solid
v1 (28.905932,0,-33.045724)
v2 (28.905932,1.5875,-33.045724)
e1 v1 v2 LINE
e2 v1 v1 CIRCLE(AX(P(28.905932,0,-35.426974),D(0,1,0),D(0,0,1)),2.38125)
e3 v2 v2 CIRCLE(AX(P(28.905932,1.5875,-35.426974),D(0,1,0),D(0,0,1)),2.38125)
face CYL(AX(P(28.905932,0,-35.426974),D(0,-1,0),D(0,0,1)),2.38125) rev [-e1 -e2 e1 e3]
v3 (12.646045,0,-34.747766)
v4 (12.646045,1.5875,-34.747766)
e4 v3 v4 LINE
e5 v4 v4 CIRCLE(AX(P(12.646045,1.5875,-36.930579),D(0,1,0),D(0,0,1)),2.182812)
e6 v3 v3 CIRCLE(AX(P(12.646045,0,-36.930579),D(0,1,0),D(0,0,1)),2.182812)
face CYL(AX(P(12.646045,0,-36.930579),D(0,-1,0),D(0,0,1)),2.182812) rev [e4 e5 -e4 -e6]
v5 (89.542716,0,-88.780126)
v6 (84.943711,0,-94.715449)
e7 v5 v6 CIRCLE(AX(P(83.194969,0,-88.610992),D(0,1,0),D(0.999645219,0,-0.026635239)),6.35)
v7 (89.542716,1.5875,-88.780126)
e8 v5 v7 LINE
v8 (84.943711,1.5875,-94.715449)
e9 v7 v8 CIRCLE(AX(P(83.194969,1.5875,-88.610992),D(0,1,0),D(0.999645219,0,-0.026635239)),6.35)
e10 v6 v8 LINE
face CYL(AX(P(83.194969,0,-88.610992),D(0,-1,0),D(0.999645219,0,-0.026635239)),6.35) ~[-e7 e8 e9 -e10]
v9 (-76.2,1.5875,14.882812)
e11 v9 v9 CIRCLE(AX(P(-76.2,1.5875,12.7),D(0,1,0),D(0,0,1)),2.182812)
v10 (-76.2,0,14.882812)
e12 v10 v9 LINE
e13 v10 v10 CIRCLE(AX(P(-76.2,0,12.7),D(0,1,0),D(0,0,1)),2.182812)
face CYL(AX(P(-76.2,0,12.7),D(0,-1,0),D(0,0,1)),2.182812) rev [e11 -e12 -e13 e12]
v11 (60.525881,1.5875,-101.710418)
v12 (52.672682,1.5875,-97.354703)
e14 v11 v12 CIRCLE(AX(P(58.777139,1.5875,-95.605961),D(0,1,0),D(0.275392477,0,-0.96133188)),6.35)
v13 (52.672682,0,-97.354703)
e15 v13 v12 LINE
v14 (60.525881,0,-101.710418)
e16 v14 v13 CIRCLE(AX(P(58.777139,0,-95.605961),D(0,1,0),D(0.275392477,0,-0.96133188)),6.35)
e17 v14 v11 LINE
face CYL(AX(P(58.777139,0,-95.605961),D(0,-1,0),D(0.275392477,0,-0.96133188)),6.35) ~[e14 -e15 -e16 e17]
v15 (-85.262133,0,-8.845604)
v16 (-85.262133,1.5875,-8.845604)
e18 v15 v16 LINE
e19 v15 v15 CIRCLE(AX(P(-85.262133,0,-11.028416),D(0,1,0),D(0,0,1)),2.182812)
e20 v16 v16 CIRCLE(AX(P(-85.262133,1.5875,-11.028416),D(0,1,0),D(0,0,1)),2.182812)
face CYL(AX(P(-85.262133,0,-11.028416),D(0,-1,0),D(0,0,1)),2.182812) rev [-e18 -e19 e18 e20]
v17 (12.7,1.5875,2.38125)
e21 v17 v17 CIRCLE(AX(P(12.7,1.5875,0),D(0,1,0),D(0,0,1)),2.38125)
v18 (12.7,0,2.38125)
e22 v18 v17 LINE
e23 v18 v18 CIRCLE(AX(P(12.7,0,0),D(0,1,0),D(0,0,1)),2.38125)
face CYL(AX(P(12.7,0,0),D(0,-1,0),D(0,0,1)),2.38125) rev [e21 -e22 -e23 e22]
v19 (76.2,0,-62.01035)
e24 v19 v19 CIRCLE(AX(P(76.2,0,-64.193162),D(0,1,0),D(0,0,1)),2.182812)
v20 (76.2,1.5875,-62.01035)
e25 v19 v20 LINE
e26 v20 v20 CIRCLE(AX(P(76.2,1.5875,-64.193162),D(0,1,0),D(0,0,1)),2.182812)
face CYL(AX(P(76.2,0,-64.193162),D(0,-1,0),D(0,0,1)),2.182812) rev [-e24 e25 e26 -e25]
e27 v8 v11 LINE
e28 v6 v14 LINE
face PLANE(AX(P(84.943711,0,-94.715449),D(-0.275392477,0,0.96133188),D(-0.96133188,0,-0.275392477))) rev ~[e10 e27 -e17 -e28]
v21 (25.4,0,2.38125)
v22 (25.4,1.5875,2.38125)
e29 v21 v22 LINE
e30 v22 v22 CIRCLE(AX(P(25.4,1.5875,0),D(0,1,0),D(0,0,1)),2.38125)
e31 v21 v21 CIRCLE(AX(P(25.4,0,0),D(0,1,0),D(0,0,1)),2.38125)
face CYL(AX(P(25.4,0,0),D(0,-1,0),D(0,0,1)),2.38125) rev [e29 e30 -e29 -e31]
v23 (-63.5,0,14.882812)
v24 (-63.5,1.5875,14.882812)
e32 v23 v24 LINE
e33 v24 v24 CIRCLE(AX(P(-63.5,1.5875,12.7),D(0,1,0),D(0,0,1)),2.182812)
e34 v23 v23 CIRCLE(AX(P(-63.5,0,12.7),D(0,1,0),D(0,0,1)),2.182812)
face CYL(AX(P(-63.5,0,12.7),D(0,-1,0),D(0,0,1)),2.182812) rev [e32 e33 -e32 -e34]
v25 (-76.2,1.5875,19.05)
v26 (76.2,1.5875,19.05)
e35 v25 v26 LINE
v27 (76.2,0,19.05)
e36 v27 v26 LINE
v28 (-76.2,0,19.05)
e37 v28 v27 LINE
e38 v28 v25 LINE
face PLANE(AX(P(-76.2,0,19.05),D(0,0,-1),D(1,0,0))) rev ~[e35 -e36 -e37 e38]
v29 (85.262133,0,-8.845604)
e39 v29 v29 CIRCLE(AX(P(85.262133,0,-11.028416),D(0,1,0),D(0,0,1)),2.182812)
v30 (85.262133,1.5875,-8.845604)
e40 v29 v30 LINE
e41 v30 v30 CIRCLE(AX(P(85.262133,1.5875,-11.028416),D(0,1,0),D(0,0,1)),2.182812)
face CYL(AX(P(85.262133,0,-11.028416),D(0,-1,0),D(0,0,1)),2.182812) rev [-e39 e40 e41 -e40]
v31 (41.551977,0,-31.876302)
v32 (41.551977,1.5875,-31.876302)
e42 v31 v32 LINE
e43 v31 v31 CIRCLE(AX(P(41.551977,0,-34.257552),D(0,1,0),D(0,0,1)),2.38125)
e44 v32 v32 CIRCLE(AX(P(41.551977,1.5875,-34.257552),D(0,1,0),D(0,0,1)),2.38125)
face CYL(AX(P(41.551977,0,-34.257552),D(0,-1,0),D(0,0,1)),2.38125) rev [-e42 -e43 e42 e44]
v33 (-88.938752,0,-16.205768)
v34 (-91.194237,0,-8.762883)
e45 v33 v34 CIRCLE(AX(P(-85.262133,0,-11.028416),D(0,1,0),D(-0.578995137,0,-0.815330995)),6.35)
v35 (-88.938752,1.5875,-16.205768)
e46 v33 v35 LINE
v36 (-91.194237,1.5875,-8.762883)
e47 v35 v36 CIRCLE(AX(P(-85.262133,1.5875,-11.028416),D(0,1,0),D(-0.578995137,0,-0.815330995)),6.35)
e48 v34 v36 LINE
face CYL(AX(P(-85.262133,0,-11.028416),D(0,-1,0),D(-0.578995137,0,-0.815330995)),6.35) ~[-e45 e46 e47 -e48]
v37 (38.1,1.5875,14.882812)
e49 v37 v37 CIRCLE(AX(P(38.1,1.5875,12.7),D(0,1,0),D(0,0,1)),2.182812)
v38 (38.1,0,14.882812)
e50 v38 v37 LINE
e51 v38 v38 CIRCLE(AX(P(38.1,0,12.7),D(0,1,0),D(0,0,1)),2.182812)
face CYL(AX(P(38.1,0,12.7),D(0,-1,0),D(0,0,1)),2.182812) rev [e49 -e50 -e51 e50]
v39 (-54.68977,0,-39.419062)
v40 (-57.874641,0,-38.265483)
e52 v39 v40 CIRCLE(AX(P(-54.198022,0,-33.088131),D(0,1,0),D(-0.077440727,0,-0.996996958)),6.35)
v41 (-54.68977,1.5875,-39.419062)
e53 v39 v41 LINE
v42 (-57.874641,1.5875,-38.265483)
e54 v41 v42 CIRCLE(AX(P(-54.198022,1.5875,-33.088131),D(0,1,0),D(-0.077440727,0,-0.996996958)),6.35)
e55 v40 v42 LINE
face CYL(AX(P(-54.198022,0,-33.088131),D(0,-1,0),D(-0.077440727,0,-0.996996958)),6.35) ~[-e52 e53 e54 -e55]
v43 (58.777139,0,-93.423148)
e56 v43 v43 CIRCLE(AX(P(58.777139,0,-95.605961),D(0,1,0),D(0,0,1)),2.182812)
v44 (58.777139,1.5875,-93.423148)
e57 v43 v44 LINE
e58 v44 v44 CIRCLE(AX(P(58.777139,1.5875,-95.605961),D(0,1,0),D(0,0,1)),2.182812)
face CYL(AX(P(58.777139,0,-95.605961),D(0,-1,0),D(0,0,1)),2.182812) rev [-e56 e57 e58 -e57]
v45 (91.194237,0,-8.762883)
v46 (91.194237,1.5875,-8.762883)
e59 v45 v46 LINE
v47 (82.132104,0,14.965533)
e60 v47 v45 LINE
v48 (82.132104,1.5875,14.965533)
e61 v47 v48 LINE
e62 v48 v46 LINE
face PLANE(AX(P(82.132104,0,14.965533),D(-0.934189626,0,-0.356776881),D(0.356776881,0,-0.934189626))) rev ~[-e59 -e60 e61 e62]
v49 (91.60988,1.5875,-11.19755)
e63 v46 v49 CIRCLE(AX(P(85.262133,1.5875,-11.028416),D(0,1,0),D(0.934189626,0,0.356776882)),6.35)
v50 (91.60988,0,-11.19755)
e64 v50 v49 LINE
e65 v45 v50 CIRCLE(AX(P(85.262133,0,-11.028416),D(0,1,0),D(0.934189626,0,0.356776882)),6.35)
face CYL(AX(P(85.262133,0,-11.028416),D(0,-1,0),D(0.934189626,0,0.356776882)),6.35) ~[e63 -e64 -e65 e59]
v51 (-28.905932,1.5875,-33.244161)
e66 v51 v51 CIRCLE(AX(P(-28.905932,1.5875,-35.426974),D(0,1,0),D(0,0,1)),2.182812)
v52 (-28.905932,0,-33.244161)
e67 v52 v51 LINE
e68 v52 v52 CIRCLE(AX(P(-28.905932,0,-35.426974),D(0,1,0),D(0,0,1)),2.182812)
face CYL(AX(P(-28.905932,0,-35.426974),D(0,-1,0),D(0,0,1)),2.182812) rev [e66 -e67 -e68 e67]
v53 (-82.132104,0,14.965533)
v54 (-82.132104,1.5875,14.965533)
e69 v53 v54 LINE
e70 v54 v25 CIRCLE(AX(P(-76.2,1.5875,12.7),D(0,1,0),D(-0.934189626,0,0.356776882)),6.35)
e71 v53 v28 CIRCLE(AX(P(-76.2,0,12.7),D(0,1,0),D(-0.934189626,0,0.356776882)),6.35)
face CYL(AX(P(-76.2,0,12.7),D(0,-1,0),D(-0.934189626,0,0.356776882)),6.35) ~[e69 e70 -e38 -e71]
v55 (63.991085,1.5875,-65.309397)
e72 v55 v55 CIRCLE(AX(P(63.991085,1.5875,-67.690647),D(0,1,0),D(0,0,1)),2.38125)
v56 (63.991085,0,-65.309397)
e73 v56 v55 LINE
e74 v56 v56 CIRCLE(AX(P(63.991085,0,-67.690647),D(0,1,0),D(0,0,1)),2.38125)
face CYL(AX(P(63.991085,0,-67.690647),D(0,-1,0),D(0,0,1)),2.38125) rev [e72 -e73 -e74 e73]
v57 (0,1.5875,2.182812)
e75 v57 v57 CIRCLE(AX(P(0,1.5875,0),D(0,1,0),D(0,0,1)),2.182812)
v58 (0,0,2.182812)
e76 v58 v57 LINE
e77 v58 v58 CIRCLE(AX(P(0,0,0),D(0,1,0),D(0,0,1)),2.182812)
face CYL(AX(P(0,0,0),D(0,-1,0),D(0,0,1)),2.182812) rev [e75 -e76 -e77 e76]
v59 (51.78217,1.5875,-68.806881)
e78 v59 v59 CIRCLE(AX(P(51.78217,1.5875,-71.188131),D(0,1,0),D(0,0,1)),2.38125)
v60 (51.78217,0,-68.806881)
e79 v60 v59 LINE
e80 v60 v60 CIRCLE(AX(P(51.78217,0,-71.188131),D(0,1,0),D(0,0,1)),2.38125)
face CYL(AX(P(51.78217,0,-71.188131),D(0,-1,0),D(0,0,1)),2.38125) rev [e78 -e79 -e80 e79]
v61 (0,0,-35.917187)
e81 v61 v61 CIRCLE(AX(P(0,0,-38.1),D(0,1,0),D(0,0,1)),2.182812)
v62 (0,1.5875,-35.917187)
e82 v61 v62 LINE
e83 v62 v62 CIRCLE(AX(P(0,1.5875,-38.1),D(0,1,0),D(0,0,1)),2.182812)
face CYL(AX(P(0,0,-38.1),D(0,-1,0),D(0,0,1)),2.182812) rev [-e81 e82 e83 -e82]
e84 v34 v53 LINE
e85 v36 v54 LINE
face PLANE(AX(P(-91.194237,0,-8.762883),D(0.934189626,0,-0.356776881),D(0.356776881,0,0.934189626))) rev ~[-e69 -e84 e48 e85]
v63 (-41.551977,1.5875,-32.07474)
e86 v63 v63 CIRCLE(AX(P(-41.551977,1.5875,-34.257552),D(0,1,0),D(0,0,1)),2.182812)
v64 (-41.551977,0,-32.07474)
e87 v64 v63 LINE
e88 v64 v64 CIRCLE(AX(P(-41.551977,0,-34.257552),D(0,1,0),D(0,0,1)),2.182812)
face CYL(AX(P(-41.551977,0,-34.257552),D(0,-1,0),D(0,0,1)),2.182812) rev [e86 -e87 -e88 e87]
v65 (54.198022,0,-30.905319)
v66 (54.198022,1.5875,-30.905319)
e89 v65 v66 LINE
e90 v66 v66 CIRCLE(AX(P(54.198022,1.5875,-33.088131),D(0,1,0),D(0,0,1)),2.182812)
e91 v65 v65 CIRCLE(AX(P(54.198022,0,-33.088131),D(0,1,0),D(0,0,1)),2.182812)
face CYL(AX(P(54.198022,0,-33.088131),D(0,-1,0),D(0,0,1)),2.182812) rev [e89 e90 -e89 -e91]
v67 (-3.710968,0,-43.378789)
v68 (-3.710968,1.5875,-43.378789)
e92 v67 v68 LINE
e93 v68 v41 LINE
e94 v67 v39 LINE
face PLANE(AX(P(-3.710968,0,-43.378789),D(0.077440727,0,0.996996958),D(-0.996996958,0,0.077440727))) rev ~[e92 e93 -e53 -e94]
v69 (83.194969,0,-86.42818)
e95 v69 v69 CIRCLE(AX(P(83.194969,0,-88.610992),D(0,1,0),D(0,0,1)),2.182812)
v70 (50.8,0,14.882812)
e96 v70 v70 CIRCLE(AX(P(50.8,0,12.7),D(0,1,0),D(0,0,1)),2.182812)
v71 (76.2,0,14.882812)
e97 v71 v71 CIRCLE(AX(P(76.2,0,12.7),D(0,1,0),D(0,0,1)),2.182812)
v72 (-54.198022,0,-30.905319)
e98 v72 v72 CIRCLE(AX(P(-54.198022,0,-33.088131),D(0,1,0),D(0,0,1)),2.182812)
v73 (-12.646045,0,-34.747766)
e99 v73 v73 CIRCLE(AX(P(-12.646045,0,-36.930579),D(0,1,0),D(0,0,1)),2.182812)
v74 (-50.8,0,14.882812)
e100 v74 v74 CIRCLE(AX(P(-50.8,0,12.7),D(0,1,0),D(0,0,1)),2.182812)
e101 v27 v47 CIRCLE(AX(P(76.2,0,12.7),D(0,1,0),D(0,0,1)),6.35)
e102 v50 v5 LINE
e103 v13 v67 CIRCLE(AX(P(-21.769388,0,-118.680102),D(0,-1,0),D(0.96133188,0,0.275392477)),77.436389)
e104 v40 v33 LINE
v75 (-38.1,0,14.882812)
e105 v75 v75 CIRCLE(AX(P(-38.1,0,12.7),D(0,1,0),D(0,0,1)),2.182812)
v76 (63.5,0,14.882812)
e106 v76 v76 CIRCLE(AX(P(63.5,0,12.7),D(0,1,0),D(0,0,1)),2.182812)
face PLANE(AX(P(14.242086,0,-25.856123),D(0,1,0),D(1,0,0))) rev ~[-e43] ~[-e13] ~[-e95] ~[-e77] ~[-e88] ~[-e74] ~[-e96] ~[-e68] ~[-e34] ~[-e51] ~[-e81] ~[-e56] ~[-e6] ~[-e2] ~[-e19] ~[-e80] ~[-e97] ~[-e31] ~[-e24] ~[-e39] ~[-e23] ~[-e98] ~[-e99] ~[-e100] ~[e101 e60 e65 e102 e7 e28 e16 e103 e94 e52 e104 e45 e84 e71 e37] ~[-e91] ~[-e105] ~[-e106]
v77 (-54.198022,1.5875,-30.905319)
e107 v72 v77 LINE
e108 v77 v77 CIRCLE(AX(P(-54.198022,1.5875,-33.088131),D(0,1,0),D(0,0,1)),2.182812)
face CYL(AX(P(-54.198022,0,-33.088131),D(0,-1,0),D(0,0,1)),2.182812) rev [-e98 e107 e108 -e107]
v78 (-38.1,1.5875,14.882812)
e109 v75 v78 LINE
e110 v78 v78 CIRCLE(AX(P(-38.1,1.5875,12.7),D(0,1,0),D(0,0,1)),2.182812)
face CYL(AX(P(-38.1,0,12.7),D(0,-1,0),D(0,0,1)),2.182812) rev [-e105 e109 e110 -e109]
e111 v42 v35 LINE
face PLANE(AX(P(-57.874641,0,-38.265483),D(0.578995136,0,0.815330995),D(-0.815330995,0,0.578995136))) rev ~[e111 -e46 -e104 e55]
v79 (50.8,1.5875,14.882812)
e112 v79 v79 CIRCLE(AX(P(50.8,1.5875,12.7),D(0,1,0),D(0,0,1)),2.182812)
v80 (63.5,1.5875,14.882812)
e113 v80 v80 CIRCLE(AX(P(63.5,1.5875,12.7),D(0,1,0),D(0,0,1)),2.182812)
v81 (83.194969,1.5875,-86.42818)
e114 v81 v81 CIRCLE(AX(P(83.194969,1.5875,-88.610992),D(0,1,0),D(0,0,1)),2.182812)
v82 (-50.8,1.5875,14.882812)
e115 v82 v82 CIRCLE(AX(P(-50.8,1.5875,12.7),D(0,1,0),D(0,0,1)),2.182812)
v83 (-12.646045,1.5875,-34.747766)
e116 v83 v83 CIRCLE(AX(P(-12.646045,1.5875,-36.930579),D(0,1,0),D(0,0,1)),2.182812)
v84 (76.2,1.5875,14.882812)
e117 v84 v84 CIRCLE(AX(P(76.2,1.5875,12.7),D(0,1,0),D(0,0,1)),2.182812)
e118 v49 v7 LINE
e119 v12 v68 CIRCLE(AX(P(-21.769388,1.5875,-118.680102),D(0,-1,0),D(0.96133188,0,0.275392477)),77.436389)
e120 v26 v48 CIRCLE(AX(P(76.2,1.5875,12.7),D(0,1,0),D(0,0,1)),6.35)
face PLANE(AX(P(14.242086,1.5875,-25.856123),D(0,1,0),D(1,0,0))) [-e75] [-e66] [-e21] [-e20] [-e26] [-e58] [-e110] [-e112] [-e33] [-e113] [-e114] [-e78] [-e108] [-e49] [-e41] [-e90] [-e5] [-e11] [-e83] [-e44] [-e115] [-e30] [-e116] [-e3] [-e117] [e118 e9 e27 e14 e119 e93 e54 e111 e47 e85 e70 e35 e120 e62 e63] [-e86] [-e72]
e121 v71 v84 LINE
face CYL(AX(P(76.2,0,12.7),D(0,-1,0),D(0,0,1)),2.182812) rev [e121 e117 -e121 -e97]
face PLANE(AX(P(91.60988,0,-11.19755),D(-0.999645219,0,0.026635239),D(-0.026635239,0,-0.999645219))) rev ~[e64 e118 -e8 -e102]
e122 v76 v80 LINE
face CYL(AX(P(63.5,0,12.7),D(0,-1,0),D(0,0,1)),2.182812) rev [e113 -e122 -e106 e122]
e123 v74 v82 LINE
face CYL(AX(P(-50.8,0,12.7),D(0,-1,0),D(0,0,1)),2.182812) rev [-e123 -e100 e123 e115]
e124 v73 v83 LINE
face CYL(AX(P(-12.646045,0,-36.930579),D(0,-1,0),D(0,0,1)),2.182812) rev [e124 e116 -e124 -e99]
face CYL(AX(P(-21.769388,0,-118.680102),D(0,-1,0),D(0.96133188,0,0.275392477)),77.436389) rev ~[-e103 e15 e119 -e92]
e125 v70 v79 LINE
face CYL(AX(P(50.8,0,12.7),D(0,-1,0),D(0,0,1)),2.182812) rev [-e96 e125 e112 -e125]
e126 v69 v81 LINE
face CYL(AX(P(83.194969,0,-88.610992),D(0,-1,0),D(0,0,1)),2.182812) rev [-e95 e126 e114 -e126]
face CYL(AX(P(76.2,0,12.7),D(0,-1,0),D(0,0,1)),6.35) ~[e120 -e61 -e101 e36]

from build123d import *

# Parameters (mm, degrees)
SKETCH1_R           = 2.1828125
SKETCH1_R_2         = 2.38125
BOSS_EXTRUDE1_DEPTH = 1.5875


with BuildPart() as part:
    # Sketch1 → Boss-Extrude1 (new body)
    with BuildSketch(Plane(origin=(0, 0, 0), x_dir=(1, 0, 0), z_dir=(0, 1, 0))):
        with BuildLine():
            Line((-76.2, -19.05), (76.2, -19.05))
            ThreePointArc((76.2, -19.05), (79.801136223, -17.930135553), (82.132104124, -14.965533197))
            Line((82.132104124, -14.965533197), (91.194236912, 8.762883297))
            ThreePointArc((91.194236912, 8.762883297), (91.521572666, 9.959813472), (91.609879929, 11.197550265))
            Line((91.609879929, 11.197550265), (89.542716066, 88.780125789))
            ThreePointArc((89.542716066, 88.780125789), (88.21446111, 92.500361917), (84.943711156, 94.715449457))
            Line((84.943711156, 94.715449457), (60.525881406, 101.710418382))
            ThreePointArc((60.525881406, 101.710418382), (55.697183415, 101.159011684), (52.672681737, 97.354703175))
            ThreePointArc((52.672681737, 97.354703175), (31.779047976, 62.743000168), (-3.710967925, 43.378788638))
            Line((-3.710967925, 43.378788638), (-54.689770483, 39.419061875))
            ThreePointArc((-54.689770483, 39.419061875), (-56.360545493, 39.058557607), (-57.874640982, 38.265483014))
            Line((-57.874640982, 38.265483014), (-88.938751905, 16.205768315))
            ThreePointArc((-88.938751905, 16.205768315), (-91.339222957, 12.870012291), (-91.194236912, 8.762883297))
            Line((-91.194236912, 8.762883297), (-82.132104124, -14.965533197))
            ThreePointArc((-82.132104124, -14.965533197), (-79.801136223, -17.930135553), (-76.2, -19.05))
        make_face()
        with Locations(Location((0, 0, 0), (0, 0, 270))):
            Circle(SKETCH1_R, mode=Mode.SUBTRACT)
        with Locations(Location((12.7, 0, 0), (0, 0, 270))):
            Circle(SKETCH1_R_2, mode=Mode.SUBTRACT)
        with Locations(Location((25.4, 0, 0), (0, 0, 270))):
            Circle(SKETCH1_R_2, mode=Mode.SUBTRACT)
        with Locations(Location((-38.1, -12.7, 0), (0, 0, 270))):
            Circle(SKETCH1_R, mode=Mode.SUBTRACT)
        with Locations(Location((-50.8, -12.7, 0), (0, 0, 270))):
            Circle(SKETCH1_R, mode=Mode.SUBTRACT)
        with Locations(Location((-63.5, -12.7, 0), (0, 0, 270))):
            Circle(SKETCH1_R, mode=Mode.SUBTRACT)
        with Locations(Location((-76.2, -12.7, 0), (0, 0, 270))):
            Circle(SKETCH1_R, mode=Mode.SUBTRACT)
        with Locations(Location((38.1, -12.7, 0), (0, 0, 270))):
            Circle(SKETCH1_R, mode=Mode.SUBTRACT)
        with Locations(Location((50.8, -12.7, 0), (0, 0, 270))):
            Circle(SKETCH1_R, mode=Mode.SUBTRACT)
        with Locations(Location((63.5, -12.7, 0), (0, 0, 270))):
            Circle(SKETCH1_R, mode=Mode.SUBTRACT)
        with Locations(Location((76.2, -12.7, 0), (0, 0, 270))):
            Circle(SKETCH1_R, mode=Mode.SUBTRACT)
        with Locations(Location((-54.198021866, 33.088131193, 0), (0, 0, 270))):
            Circle(SKETCH1_R, mode=Mode.SUBTRACT)
        with Locations(Location((54.198021866, 33.088131193, 0), (0, 0, 270))):
            Circle(SKETCH1_R, mode=Mode.SUBTRACT)
        with Locations(Location((-85.262132788, 11.028416494, 0), (0, 0, 270))):
            Circle(SKETCH1_R, mode=Mode.SUBTRACT)
        with Locations(Location((85.262132788, 11.028416494, 0), (0, 0, 270))):
            Circle(SKETCH1_R, mode=Mode.SUBTRACT)
        with Locations(Location((0, 38.1, 0), (0, 0, 270))):
            Circle(SKETCH1_R, mode=Mode.SUBTRACT)
        with Locations(Location((12.646044992, 36.930578751, 0), (0, 0, 270))):
            Circle(SKETCH1_R, mode=Mode.SUBTRACT)
        with Locations(Location((-12.646044992, 36.930578751, 0), (0, 0, 270))):
            Circle(SKETCH1_R, mode=Mode.SUBTRACT)
        with Locations(Location((41.551976873, 34.257552442, 0), (0, 0, 270))):
            Circle(SKETCH1_R_2, mode=Mode.SUBTRACT)
        with Locations(Location((28.905931881, 35.426973691, 0), (0, 0, 270))):
            Circle(SKETCH1_R_2, mode=Mode.SUBTRACT)
        with Locations(Location((76.2, 64.193162268, 0), (0, 0, 270))):
            Circle(SKETCH1_R, mode=Mode.SUBTRACT)
        with Locations(Location((51.782170249, 71.188131193, 0), (0, 0, 270))):
            Circle(SKETCH1_R_2, mode=Mode.SUBTRACT)
        with Locations(Location((63.991085125, 67.690646731, 0), (0, 0, 270))):
            Circle(SKETCH1_R_2, mode=Mode.SUBTRACT)
        with Locations(Location((-41.551976873, 34.257552442, 0), (0, 0, 270))):
            Circle(SKETCH1_R, mode=Mode.SUBTRACT)
        with Locations(Location((-28.905931881, 35.426973691, 0), (0, 0, 270))):
            Circle(SKETCH1_R, mode=Mode.SUBTRACT)
        with Locations(Location((58.777139174, 95.605960944, 0), (0, 0, 270))):
            Circle(SKETCH1_R, mode=Mode.SUBTRACT)
        with Locations(Location((83.194968925, 88.610992019, 0), (0, 0, 270))):
            Circle(SKETCH1_R, mode=Mode.SUBTRACT)
    extrude(amount=BOSS_EXTRUDE1_DEPTH)


solid = part.part
